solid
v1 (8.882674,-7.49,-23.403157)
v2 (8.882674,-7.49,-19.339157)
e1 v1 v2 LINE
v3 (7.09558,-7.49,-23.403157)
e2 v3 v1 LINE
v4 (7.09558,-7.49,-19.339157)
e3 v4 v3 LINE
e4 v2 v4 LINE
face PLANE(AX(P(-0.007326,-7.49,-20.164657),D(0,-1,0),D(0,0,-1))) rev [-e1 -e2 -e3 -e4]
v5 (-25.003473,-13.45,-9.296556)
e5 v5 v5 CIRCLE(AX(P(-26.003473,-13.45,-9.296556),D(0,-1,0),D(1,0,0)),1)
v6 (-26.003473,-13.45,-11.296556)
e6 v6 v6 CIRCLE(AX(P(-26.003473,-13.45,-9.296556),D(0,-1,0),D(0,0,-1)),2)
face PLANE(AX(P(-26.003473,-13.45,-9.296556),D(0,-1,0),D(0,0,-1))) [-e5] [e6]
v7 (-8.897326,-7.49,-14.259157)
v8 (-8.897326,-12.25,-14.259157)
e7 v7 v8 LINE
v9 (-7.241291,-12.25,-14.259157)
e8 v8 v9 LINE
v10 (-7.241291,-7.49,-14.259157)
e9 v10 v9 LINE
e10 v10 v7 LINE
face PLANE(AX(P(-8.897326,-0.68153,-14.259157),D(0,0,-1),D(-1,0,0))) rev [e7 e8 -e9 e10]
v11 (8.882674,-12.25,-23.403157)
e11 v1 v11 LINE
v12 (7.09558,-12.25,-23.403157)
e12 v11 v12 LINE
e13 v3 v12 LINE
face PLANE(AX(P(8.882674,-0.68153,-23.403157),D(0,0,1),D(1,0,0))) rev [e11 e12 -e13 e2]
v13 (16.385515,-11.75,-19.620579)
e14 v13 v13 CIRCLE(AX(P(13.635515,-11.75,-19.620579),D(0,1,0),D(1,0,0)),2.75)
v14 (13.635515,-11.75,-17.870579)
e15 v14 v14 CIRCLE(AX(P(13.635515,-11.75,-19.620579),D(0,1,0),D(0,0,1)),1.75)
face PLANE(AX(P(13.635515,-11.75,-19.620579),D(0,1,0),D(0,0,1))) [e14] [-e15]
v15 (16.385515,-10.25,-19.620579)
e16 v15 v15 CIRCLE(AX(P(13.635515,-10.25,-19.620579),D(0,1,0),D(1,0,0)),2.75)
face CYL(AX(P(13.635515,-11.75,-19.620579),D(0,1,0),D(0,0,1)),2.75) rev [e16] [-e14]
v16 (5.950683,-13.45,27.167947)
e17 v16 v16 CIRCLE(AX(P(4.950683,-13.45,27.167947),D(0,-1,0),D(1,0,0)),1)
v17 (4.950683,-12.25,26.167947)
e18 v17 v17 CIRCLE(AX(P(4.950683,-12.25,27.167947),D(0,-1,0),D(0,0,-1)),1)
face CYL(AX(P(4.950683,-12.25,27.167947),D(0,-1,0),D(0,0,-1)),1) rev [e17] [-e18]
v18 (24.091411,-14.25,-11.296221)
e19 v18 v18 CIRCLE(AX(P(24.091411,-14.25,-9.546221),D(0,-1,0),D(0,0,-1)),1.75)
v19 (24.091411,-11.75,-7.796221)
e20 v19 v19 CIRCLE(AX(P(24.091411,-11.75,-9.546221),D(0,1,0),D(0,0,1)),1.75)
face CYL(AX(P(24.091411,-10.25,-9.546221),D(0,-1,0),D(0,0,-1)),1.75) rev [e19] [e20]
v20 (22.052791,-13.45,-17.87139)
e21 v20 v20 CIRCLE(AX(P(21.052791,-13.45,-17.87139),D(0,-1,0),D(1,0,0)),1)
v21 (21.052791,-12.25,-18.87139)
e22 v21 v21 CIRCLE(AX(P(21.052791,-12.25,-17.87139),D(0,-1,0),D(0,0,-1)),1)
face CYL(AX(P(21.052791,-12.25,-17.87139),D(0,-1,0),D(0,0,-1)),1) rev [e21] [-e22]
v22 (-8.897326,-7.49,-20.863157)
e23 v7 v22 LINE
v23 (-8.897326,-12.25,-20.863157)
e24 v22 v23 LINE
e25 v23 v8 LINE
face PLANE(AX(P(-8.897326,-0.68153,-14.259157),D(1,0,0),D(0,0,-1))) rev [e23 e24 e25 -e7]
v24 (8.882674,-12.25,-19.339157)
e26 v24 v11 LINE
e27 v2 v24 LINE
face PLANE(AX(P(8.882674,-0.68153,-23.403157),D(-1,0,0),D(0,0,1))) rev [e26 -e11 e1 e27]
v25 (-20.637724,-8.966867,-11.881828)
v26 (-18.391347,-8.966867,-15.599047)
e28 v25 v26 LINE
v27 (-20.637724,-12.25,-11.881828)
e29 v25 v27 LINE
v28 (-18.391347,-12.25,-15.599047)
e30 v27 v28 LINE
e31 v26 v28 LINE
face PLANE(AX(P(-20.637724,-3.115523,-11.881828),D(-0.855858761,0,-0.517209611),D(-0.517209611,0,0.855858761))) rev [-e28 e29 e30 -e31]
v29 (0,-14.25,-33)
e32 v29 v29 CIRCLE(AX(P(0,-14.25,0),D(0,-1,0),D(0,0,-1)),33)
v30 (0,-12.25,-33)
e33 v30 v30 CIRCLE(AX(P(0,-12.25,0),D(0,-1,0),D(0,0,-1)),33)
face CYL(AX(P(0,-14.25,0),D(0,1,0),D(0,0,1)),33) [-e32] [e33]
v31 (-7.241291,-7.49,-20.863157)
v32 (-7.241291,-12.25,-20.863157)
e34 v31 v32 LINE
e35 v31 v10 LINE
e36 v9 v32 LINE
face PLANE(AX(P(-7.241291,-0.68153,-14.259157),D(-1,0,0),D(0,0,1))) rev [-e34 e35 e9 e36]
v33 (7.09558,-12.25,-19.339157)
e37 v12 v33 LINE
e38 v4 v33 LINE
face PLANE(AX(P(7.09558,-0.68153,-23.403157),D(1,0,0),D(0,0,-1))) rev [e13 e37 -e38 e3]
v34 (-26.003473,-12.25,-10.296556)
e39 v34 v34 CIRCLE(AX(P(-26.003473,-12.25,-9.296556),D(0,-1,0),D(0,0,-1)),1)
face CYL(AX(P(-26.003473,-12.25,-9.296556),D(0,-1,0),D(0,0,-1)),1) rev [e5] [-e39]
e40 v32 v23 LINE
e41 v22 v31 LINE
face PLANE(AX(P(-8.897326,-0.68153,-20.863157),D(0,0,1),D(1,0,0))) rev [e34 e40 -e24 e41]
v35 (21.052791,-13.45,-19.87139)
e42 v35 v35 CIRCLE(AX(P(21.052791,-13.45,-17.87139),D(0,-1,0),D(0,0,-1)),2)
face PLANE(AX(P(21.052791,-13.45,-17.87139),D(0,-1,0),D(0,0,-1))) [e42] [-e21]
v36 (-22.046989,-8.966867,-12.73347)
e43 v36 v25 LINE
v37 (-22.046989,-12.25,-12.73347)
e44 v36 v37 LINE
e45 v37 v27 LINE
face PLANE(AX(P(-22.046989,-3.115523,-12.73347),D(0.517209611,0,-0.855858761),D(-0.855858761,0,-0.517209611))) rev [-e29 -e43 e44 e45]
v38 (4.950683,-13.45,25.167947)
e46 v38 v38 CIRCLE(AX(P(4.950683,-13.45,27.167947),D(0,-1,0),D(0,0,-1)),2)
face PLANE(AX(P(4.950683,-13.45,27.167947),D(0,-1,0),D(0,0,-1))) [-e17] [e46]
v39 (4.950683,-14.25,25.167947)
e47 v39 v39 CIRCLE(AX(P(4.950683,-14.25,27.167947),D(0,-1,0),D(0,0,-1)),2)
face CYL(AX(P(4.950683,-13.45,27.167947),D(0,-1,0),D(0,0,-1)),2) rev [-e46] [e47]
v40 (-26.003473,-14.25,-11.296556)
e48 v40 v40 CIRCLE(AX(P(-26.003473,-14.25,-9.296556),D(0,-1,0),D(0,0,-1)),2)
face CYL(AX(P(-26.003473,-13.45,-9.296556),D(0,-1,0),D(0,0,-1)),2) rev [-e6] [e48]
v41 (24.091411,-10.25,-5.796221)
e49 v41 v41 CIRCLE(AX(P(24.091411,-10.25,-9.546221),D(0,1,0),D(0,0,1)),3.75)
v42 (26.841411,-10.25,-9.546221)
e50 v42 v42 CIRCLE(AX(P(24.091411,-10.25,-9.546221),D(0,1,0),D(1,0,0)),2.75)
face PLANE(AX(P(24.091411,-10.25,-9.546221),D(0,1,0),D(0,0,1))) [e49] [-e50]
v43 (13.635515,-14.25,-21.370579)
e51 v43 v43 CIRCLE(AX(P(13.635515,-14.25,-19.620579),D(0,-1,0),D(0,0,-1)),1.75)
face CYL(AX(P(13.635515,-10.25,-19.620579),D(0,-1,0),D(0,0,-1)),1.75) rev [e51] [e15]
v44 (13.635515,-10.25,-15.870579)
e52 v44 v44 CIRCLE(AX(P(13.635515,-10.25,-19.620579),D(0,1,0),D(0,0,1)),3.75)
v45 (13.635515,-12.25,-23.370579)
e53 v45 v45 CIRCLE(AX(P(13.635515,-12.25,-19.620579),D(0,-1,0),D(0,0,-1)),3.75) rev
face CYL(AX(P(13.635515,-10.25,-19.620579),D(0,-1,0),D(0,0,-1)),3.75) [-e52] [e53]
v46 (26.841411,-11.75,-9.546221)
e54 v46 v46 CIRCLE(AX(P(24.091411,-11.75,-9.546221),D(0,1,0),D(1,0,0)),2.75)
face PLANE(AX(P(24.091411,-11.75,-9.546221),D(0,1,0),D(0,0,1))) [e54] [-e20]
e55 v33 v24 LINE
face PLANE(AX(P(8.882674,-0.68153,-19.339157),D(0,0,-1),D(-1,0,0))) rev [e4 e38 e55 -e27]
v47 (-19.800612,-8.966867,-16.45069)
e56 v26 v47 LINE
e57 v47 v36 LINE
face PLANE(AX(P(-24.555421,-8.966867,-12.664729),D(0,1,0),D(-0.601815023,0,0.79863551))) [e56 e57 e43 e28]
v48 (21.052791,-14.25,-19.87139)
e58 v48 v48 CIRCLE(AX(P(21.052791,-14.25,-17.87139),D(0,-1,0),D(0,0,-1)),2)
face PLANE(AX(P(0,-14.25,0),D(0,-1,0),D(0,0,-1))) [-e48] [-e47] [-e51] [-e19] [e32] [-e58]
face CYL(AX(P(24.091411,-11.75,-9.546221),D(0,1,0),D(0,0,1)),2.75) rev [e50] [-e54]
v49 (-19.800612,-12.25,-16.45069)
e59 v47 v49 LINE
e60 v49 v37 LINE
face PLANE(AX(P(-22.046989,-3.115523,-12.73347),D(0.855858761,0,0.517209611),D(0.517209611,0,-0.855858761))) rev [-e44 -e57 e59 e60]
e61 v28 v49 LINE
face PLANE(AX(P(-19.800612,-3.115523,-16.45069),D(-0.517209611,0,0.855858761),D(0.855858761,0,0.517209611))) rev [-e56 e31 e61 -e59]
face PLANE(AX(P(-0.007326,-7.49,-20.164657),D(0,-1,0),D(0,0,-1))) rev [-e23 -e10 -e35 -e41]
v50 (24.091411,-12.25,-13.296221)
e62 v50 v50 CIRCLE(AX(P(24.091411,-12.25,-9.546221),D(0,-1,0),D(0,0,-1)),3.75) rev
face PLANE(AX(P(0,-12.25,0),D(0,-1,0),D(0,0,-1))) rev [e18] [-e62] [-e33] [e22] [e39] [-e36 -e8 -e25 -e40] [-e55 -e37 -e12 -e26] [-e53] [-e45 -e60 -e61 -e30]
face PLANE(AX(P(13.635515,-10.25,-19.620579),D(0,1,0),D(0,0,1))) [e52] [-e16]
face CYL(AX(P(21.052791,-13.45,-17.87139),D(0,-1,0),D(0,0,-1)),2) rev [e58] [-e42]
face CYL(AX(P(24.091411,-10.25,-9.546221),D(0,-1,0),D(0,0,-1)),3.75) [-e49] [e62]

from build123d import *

# Parameters (mm, degrees)
SKETCH_1_R            = 33
EXTRUDE_1_DEPTH       = 2
SKETCH_5_W            = 1.656035281
SKETCH_5_H            = 6.604
SKETCH_5_W_2          = 1.787093918
SKETCH_5_H_2          = 4.064
EXTRUDE_2_DEPTH       = 4.76
EXTRUDE_3_DEPTH       = 3.283132799
SKETCH_8_R            = 3.75
SKETCH_8_R_2          = 1.75
EXTRUDE_4_DEPTH       = 2
SKETCH_9_R            = 1.75
CUT_EXTRUDE_3_DEPTH   = 2
CUT_EXTRUDE_START     = -1.5
SKETCH_10_R           = 2.75
SKETCH_10_R_2         = 1.75
CUT_EXTRUDE_1_DEPTH   = 1.5
SKETCH_11_R           = 2.75
SKETCH_11_R_2         = 1.75
CUT_EXTRUDE_2_DEPTH   = 1.5
SKETCH_12_R           = 1
CUT_EXTRUDE_4_DEPTH   = 2
SKETCH_13_R           = 2
SKETCH_13_R_2         = 1
CUT_EXTRUDE_3_2_DEPTH = 0.8


with BuildPart() as part:
    # 草图1 → 凸台-拉伸1 (new body)
    with BuildSketch(Plane.XZ.offset(12.25)):
        with Locations(Location((0, 0, 0), (0, 0, 270))):
            Circle(SKETCH_1_R)
    extrude(amount=EXTRUDE_1_DEPTH)

    # 草图5 → 凸台-拉伸2 (add)
    with BuildSketch(Plane(origin=(0, -12.25, 0), x_dir=(1, 0, 0), z_dir=(0, 1, 0))):
        with Locations((-8.069308352, 17.561156601)):
            Rectangle(SKETCH_5_W, SKETCH_5_H)
        with Locations((7.989127049, 21.371156601)):
            Rectangle(SKETCH_5_W_2, SKETCH_5_H_2)
    extrude(amount=EXTRUDE_2_DEPTH)

    # 草图6 → 凸台-拉伸3 (add)
    with BuildSketch(Plane(origin=(0, -12.25, 0), x_dir=(1, 0, 0), z_dir=(0, 1, 0))):
        Polygon((-22.046989488, 12.733470207), (-19.800612215, 16.450689742), (-18.391346743, 15.599047299), (-20.637724016, 11.881827764), align=None)
    extrude(amount=EXTRUDE_3_DEPTH)

    # 草图8 → 凸台-拉伸4 (add)
    # profile 1 of 2: a face of its own
    with BuildSketch(Plane(origin=(0, -12.25, 0), x_dir=(1, 0, 0), z_dir=(0, 1, 0))):
        with Locations(Location((13.635514667, 19.62057936, 0), (0, 0, 90))):
            Circle(SKETCH_8_R)
        with Locations(Location((13.635514667, 19.62057936, 0), (0, 0, 270))):
            Circle(SKETCH_8_R_2, mode=Mode.SUBTRACT)
    # profile 2 of 2: a face of its own
    with BuildSketch(Plane(origin=(0, -12.25, 0), x_dir=(1, 0, 0), z_dir=(0, 1, 0))):
        with Locations(Location((24.091410852, 9.546220913, 0), (0, 0, 90))):
            Circle(SKETCH_8_R)
        with Locations(Location((24.091410852, 9.546220913, 0), (0, 0, 270))):
            Circle(SKETCH_8_R_2, mode=Mode.SUBTRACT)
    extrude(amount=EXTRUDE_4_DEPTH)

    # 草图9 → Cut-Extrude 3 (cut)
    with BuildSketch(Plane.XZ.offset(14.25)):
        with Locations(Location((24.091410852, -9.546220913, 0), (0, 0, 270))):
            Circle(SKETCH_9_R)
        with Locations(Location((13.635514667, -19.62057936, 0), (0, 0, 270))):
            Circle(SKETCH_9_R)
    extrude(amount=-CUT_EXTRUDE_3_DEPTH, mode=Mode.SUBTRACT)

    # 草图10 → 切除-拉伸-薄壁1 (cut)
    with BuildSketch(Plane(origin=(0, -10.25, 0), x_dir=(1, 0, 0), z_dir=(0, 1, 0)).offset(CUT_EXTRUDE_START)):
        with Locations((13.635514667, 19.62057936)):
            Circle(SKETCH_10_R)
        with Locations((13.635514667, 19.62057936)):
            Circle(SKETCH_10_R_2, mode=Mode.SUBTRACT)
    extrude(amount=CUT_EXTRUDE_1_DEPTH, mode=Mode.SUBTRACT)

    # 草图11 → 切除-拉伸-薄壁2 (cut)
    with BuildSketch(Plane(origin=(0, -10.25, 0), x_dir=(1, 0, 0), z_dir=(0, 1, 0)).offset(CUT_EXTRUDE_START)):
        with Locations((24.091410852, 9.546220913)):
            Circle(SKETCH_11_R)
        with Locations((24.091410852, 9.546220913)):
            Circle(SKETCH_11_R_2, mode=Mode.SUBTRACT)
    extrude(amount=CUT_EXTRUDE_2_DEPTH, mode=Mode.SUBTRACT)

    # 草图12 → 切除-拉伸4 (cut)
    with BuildSketch(Plane.XZ.offset(14.25)):
        with Locations(Location((-26.0034734, -9.296556496, 0), (0, 0, 270))):
            Circle(SKETCH_12_R)
        with Locations(Location((4.950682607, 27.167946799, 0), (0, 0, 270))):
            Circle(SKETCH_12_R)
        with Locations(Location((21.052790793, -17.871390303, 0), (0, 0, 270))):
            Circle(SKETCH_12_R)
    extrude(amount=-CUT_EXTRUDE_4_DEPTH, mode=Mode.SUBTRACT)

    # 草图13 → Cut-Extrude 3 2 (cut)
    # profile 1 of 3: a face of its own
    with BuildSketch(Plane.XZ.offset(14.25)):
        with Locations((4.950682607, 27.167946799)):
            Circle(SKETCH_13_R)
        with Locations((4.950682607, 27.167946799)):
            Circle(SKETCH_13_R_2, mode=Mode.SUBTRACT)
    # profile 2 of 3: a face of its own
    with BuildSketch(Plane.XZ.offset(14.25)):
        with Locations((21.052790793, -17.871390303)):
            Circle(SKETCH_13_R)
        with Locations((21.052790793, -17.871390303)):
            Circle(SKETCH_13_R_2, mode=Mode.SUBTRACT)
    # profile 3 of 3: a face of its own
    with BuildSketch(Plane.XZ.offset(14.25)):
        with Locations((-26.0034734, -9.296556496)):
            Circle(SKETCH_13_R)
        with Locations((-26.0034734, -9.296556496)):
            Circle(SKETCH_13_R_2, mode=Mode.SUBTRACT)
    extrude(amount=-CUT_EXTRUDE_3_2_DEPTH, mode=Mode.SUBTRACT)


solid = part.part
